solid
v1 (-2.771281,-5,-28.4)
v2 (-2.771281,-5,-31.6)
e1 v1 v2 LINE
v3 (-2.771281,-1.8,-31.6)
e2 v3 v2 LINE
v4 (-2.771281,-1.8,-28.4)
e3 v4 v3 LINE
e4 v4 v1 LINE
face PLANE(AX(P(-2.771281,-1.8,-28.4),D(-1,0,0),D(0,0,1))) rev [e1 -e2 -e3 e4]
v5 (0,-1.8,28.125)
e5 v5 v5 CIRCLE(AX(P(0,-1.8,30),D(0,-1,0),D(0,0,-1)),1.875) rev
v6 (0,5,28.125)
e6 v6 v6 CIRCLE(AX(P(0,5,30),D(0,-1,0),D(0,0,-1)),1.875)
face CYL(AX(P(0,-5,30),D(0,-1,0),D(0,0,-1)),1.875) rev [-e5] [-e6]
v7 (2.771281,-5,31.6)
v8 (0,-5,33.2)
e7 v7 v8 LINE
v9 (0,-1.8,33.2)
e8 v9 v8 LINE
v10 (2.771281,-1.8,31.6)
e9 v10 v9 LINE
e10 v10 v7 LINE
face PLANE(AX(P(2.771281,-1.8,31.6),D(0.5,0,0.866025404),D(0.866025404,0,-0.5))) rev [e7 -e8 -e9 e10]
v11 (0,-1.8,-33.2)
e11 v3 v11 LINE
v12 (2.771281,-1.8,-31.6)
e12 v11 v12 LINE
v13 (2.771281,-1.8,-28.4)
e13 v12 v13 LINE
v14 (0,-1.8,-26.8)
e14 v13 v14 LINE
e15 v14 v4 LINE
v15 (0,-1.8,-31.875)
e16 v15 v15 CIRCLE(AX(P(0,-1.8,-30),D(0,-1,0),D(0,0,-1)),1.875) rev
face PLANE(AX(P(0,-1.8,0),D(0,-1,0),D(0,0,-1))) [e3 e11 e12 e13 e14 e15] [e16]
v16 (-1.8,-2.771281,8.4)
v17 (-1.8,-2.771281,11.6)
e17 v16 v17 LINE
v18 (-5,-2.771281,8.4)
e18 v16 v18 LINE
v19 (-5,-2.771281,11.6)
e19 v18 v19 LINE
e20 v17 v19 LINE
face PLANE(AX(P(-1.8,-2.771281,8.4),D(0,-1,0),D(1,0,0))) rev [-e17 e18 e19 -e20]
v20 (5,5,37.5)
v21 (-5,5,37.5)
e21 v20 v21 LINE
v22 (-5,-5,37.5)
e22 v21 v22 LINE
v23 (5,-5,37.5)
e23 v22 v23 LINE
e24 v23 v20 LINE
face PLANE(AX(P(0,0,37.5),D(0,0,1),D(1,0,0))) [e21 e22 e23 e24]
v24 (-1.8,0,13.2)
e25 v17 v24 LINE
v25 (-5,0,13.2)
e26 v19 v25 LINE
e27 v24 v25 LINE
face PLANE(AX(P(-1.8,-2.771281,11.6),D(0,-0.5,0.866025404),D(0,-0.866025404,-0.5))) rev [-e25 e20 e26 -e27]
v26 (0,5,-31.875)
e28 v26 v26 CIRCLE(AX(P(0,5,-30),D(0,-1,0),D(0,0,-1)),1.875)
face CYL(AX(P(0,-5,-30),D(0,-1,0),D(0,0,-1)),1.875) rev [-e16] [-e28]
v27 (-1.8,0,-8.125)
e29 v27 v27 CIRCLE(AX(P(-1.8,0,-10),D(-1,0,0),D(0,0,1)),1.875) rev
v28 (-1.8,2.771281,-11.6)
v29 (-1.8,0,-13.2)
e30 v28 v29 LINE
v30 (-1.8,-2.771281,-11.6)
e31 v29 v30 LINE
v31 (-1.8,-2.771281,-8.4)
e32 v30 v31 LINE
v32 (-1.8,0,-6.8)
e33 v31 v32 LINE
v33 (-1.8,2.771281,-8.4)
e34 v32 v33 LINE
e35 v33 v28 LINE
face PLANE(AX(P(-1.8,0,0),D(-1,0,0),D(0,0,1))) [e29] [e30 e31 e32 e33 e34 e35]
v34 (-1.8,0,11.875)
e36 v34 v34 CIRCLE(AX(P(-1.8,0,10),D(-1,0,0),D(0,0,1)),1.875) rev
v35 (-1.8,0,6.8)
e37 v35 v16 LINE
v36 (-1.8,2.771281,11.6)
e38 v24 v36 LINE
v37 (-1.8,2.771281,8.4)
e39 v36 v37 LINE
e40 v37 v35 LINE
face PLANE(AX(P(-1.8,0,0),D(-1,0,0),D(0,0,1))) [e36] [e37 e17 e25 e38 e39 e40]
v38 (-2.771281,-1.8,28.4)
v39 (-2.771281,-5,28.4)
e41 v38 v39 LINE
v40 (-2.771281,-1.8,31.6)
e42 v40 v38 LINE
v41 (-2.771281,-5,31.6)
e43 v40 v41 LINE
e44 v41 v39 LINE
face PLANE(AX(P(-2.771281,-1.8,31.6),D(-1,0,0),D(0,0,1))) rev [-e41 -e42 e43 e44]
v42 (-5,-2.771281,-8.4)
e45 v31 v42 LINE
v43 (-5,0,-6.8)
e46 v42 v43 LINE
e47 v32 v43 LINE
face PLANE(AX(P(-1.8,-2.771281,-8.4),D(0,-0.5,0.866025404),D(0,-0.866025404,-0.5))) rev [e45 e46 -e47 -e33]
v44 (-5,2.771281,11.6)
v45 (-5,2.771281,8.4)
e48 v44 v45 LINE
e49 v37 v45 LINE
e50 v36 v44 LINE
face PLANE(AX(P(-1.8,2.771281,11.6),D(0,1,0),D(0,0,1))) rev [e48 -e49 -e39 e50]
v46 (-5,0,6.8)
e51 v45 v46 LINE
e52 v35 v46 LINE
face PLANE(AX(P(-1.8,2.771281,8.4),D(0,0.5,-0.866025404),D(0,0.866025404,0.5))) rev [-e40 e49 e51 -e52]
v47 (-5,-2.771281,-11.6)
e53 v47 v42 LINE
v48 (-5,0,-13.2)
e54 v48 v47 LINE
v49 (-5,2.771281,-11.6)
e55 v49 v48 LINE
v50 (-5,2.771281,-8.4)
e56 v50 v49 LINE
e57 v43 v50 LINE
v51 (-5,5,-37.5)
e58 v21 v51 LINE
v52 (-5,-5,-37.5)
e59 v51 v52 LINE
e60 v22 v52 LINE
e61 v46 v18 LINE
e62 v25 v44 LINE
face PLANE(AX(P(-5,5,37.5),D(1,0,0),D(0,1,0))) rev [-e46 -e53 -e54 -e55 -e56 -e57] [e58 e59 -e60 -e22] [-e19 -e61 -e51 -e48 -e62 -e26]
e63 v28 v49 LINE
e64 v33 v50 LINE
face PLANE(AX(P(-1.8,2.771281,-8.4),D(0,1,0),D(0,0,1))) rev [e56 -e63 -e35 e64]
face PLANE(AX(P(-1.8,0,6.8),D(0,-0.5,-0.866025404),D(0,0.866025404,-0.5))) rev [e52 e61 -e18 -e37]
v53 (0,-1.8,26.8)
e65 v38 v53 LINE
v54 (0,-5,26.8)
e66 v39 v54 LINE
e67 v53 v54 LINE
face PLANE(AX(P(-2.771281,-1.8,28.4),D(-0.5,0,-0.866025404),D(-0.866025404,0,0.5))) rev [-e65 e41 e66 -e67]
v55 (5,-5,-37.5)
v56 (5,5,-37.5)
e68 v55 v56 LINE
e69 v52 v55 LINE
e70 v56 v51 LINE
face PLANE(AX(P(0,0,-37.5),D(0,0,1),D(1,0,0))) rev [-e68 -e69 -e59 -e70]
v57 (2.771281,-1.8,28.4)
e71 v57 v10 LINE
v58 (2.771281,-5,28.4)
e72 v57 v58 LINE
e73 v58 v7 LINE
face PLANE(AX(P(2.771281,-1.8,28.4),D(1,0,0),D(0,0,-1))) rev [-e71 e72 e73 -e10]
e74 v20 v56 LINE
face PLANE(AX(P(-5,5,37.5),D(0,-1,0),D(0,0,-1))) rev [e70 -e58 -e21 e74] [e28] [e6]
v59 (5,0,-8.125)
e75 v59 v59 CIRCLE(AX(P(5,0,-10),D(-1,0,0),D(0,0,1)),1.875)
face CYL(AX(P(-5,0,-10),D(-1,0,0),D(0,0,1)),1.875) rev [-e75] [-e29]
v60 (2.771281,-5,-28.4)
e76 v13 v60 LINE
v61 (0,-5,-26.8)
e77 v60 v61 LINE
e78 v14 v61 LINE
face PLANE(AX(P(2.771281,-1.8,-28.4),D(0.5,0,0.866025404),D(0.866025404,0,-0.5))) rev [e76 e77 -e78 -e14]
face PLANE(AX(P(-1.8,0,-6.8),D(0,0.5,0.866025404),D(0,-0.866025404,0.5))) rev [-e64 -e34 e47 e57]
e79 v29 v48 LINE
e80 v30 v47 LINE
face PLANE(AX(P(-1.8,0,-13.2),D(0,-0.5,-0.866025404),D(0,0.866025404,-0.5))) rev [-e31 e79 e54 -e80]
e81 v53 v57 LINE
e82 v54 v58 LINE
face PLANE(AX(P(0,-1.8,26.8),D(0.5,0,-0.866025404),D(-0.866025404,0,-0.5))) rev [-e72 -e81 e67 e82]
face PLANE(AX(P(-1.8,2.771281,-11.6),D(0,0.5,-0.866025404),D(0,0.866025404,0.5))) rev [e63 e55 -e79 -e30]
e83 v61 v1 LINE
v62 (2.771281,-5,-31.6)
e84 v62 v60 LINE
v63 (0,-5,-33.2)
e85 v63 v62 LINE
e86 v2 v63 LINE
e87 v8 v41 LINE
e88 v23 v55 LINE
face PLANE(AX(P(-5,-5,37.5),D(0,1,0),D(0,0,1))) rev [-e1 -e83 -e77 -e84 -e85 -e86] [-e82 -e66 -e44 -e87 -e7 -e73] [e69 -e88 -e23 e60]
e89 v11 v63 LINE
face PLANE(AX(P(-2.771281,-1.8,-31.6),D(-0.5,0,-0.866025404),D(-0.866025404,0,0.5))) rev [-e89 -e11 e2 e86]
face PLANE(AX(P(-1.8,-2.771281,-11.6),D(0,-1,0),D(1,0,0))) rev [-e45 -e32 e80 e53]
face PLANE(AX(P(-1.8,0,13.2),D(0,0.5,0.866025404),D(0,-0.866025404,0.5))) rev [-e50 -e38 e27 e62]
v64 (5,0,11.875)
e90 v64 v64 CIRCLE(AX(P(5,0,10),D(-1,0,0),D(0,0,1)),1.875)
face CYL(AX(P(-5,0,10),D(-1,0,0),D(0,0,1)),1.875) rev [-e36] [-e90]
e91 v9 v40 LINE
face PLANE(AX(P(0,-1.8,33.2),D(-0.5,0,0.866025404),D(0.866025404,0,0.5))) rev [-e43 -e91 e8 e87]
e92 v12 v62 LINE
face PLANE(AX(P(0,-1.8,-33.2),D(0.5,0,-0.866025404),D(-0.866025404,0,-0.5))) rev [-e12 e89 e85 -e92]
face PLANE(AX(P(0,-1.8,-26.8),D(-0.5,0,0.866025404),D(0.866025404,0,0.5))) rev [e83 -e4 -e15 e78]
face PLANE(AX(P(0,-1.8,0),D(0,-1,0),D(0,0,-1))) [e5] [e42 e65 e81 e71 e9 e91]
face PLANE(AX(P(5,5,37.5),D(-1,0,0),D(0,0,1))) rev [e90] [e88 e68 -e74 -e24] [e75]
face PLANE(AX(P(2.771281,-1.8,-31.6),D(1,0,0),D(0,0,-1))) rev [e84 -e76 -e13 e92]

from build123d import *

# Parameters (mm, degrees)
CROQUIS1_W                   = 10
CROQUIS1_H                   = 10
SALIENTE_EXTRUIR1_DEPTH      = 37.5
TALADRO_DE_MARGEN_PARA_M33_D = 3.75
TALADRO_DE_MARGEN_PARA_M34_D = 3.75
CORTAR_EXTRUIR4_DEPTH        = 3.2
CORTAR_EXTRUIR5_DEPTH        = 3.2


with BuildPart() as part:
    # Croquis1 → Saliente-Extruir1 (new body, symmetric)
    with BuildSketch(Plane.XY):
        Rectangle(CROQUIS1_W, CROQUIS1_H)
    extrude(amount=SALIENTE_EXTRUIR1_DEPTH, both=True)

    # Taladro de margen para M33 (through all)
    with Locations(Plane.ZY.offset(5)):
        with Locations((-10, 0), (10, 0)):
            Hole(TALADRO_DE_MARGEN_PARA_M33_D / 2)

    # Taladro de margen para M34 (through all)
    with Locations(Plane(origin=(0, -5, 0), x_dir=(-1, 0, 0), z_dir=(0, -1, 0))):
        with Locations((0, 30), (0, -30)):
            Hole(TALADRO_DE_MARGEN_PARA_M34_D / 2)

    # Croquis19 → Cortar-Extruir4 (cut)
    with BuildSketch(Plane.XZ.offset(5)):
        Polygon((2.771281292, -28.4), (0, -26.8), (-2.771281292, -28.4), (-2.771281292, -31.6), (0, -33.2), (2.771281292, -31.6), align=None)
        Polygon((2.771281292, 31.6), (0, 33.2), (-2.771281292, 31.6), (-2.771281292, 28.4), (0, 26.8), (2.771281292, 28.4), align=None)
    extrude(amount=-CORTAR_EXTRUIR4_DEPTH, mode=Mode.SUBTRACT)

    # Croquis20 → Cortar-Extruir5 (cut)
    with BuildSketch(Plane.ZY.offset(5)):
        Polygon((-8.4, -2.771281292), (-6.8, 0), (-8.4, 2.771281292), (-11.6, 2.771281292), (-13.2, 0), (-11.6, -2.771281292), align=None)
        Polygon((11.6, -2.771281292), (13.2, 0), (11.6, 2.771281292), (8.4, 2.771281292), (6.8, 0), (8.4, -2.771281292), align=None)
    extrude(amount=-CORTAR_EXTRUIR5_DEPTH, mode=Mode.SUBTRACT)


solid = part.part
